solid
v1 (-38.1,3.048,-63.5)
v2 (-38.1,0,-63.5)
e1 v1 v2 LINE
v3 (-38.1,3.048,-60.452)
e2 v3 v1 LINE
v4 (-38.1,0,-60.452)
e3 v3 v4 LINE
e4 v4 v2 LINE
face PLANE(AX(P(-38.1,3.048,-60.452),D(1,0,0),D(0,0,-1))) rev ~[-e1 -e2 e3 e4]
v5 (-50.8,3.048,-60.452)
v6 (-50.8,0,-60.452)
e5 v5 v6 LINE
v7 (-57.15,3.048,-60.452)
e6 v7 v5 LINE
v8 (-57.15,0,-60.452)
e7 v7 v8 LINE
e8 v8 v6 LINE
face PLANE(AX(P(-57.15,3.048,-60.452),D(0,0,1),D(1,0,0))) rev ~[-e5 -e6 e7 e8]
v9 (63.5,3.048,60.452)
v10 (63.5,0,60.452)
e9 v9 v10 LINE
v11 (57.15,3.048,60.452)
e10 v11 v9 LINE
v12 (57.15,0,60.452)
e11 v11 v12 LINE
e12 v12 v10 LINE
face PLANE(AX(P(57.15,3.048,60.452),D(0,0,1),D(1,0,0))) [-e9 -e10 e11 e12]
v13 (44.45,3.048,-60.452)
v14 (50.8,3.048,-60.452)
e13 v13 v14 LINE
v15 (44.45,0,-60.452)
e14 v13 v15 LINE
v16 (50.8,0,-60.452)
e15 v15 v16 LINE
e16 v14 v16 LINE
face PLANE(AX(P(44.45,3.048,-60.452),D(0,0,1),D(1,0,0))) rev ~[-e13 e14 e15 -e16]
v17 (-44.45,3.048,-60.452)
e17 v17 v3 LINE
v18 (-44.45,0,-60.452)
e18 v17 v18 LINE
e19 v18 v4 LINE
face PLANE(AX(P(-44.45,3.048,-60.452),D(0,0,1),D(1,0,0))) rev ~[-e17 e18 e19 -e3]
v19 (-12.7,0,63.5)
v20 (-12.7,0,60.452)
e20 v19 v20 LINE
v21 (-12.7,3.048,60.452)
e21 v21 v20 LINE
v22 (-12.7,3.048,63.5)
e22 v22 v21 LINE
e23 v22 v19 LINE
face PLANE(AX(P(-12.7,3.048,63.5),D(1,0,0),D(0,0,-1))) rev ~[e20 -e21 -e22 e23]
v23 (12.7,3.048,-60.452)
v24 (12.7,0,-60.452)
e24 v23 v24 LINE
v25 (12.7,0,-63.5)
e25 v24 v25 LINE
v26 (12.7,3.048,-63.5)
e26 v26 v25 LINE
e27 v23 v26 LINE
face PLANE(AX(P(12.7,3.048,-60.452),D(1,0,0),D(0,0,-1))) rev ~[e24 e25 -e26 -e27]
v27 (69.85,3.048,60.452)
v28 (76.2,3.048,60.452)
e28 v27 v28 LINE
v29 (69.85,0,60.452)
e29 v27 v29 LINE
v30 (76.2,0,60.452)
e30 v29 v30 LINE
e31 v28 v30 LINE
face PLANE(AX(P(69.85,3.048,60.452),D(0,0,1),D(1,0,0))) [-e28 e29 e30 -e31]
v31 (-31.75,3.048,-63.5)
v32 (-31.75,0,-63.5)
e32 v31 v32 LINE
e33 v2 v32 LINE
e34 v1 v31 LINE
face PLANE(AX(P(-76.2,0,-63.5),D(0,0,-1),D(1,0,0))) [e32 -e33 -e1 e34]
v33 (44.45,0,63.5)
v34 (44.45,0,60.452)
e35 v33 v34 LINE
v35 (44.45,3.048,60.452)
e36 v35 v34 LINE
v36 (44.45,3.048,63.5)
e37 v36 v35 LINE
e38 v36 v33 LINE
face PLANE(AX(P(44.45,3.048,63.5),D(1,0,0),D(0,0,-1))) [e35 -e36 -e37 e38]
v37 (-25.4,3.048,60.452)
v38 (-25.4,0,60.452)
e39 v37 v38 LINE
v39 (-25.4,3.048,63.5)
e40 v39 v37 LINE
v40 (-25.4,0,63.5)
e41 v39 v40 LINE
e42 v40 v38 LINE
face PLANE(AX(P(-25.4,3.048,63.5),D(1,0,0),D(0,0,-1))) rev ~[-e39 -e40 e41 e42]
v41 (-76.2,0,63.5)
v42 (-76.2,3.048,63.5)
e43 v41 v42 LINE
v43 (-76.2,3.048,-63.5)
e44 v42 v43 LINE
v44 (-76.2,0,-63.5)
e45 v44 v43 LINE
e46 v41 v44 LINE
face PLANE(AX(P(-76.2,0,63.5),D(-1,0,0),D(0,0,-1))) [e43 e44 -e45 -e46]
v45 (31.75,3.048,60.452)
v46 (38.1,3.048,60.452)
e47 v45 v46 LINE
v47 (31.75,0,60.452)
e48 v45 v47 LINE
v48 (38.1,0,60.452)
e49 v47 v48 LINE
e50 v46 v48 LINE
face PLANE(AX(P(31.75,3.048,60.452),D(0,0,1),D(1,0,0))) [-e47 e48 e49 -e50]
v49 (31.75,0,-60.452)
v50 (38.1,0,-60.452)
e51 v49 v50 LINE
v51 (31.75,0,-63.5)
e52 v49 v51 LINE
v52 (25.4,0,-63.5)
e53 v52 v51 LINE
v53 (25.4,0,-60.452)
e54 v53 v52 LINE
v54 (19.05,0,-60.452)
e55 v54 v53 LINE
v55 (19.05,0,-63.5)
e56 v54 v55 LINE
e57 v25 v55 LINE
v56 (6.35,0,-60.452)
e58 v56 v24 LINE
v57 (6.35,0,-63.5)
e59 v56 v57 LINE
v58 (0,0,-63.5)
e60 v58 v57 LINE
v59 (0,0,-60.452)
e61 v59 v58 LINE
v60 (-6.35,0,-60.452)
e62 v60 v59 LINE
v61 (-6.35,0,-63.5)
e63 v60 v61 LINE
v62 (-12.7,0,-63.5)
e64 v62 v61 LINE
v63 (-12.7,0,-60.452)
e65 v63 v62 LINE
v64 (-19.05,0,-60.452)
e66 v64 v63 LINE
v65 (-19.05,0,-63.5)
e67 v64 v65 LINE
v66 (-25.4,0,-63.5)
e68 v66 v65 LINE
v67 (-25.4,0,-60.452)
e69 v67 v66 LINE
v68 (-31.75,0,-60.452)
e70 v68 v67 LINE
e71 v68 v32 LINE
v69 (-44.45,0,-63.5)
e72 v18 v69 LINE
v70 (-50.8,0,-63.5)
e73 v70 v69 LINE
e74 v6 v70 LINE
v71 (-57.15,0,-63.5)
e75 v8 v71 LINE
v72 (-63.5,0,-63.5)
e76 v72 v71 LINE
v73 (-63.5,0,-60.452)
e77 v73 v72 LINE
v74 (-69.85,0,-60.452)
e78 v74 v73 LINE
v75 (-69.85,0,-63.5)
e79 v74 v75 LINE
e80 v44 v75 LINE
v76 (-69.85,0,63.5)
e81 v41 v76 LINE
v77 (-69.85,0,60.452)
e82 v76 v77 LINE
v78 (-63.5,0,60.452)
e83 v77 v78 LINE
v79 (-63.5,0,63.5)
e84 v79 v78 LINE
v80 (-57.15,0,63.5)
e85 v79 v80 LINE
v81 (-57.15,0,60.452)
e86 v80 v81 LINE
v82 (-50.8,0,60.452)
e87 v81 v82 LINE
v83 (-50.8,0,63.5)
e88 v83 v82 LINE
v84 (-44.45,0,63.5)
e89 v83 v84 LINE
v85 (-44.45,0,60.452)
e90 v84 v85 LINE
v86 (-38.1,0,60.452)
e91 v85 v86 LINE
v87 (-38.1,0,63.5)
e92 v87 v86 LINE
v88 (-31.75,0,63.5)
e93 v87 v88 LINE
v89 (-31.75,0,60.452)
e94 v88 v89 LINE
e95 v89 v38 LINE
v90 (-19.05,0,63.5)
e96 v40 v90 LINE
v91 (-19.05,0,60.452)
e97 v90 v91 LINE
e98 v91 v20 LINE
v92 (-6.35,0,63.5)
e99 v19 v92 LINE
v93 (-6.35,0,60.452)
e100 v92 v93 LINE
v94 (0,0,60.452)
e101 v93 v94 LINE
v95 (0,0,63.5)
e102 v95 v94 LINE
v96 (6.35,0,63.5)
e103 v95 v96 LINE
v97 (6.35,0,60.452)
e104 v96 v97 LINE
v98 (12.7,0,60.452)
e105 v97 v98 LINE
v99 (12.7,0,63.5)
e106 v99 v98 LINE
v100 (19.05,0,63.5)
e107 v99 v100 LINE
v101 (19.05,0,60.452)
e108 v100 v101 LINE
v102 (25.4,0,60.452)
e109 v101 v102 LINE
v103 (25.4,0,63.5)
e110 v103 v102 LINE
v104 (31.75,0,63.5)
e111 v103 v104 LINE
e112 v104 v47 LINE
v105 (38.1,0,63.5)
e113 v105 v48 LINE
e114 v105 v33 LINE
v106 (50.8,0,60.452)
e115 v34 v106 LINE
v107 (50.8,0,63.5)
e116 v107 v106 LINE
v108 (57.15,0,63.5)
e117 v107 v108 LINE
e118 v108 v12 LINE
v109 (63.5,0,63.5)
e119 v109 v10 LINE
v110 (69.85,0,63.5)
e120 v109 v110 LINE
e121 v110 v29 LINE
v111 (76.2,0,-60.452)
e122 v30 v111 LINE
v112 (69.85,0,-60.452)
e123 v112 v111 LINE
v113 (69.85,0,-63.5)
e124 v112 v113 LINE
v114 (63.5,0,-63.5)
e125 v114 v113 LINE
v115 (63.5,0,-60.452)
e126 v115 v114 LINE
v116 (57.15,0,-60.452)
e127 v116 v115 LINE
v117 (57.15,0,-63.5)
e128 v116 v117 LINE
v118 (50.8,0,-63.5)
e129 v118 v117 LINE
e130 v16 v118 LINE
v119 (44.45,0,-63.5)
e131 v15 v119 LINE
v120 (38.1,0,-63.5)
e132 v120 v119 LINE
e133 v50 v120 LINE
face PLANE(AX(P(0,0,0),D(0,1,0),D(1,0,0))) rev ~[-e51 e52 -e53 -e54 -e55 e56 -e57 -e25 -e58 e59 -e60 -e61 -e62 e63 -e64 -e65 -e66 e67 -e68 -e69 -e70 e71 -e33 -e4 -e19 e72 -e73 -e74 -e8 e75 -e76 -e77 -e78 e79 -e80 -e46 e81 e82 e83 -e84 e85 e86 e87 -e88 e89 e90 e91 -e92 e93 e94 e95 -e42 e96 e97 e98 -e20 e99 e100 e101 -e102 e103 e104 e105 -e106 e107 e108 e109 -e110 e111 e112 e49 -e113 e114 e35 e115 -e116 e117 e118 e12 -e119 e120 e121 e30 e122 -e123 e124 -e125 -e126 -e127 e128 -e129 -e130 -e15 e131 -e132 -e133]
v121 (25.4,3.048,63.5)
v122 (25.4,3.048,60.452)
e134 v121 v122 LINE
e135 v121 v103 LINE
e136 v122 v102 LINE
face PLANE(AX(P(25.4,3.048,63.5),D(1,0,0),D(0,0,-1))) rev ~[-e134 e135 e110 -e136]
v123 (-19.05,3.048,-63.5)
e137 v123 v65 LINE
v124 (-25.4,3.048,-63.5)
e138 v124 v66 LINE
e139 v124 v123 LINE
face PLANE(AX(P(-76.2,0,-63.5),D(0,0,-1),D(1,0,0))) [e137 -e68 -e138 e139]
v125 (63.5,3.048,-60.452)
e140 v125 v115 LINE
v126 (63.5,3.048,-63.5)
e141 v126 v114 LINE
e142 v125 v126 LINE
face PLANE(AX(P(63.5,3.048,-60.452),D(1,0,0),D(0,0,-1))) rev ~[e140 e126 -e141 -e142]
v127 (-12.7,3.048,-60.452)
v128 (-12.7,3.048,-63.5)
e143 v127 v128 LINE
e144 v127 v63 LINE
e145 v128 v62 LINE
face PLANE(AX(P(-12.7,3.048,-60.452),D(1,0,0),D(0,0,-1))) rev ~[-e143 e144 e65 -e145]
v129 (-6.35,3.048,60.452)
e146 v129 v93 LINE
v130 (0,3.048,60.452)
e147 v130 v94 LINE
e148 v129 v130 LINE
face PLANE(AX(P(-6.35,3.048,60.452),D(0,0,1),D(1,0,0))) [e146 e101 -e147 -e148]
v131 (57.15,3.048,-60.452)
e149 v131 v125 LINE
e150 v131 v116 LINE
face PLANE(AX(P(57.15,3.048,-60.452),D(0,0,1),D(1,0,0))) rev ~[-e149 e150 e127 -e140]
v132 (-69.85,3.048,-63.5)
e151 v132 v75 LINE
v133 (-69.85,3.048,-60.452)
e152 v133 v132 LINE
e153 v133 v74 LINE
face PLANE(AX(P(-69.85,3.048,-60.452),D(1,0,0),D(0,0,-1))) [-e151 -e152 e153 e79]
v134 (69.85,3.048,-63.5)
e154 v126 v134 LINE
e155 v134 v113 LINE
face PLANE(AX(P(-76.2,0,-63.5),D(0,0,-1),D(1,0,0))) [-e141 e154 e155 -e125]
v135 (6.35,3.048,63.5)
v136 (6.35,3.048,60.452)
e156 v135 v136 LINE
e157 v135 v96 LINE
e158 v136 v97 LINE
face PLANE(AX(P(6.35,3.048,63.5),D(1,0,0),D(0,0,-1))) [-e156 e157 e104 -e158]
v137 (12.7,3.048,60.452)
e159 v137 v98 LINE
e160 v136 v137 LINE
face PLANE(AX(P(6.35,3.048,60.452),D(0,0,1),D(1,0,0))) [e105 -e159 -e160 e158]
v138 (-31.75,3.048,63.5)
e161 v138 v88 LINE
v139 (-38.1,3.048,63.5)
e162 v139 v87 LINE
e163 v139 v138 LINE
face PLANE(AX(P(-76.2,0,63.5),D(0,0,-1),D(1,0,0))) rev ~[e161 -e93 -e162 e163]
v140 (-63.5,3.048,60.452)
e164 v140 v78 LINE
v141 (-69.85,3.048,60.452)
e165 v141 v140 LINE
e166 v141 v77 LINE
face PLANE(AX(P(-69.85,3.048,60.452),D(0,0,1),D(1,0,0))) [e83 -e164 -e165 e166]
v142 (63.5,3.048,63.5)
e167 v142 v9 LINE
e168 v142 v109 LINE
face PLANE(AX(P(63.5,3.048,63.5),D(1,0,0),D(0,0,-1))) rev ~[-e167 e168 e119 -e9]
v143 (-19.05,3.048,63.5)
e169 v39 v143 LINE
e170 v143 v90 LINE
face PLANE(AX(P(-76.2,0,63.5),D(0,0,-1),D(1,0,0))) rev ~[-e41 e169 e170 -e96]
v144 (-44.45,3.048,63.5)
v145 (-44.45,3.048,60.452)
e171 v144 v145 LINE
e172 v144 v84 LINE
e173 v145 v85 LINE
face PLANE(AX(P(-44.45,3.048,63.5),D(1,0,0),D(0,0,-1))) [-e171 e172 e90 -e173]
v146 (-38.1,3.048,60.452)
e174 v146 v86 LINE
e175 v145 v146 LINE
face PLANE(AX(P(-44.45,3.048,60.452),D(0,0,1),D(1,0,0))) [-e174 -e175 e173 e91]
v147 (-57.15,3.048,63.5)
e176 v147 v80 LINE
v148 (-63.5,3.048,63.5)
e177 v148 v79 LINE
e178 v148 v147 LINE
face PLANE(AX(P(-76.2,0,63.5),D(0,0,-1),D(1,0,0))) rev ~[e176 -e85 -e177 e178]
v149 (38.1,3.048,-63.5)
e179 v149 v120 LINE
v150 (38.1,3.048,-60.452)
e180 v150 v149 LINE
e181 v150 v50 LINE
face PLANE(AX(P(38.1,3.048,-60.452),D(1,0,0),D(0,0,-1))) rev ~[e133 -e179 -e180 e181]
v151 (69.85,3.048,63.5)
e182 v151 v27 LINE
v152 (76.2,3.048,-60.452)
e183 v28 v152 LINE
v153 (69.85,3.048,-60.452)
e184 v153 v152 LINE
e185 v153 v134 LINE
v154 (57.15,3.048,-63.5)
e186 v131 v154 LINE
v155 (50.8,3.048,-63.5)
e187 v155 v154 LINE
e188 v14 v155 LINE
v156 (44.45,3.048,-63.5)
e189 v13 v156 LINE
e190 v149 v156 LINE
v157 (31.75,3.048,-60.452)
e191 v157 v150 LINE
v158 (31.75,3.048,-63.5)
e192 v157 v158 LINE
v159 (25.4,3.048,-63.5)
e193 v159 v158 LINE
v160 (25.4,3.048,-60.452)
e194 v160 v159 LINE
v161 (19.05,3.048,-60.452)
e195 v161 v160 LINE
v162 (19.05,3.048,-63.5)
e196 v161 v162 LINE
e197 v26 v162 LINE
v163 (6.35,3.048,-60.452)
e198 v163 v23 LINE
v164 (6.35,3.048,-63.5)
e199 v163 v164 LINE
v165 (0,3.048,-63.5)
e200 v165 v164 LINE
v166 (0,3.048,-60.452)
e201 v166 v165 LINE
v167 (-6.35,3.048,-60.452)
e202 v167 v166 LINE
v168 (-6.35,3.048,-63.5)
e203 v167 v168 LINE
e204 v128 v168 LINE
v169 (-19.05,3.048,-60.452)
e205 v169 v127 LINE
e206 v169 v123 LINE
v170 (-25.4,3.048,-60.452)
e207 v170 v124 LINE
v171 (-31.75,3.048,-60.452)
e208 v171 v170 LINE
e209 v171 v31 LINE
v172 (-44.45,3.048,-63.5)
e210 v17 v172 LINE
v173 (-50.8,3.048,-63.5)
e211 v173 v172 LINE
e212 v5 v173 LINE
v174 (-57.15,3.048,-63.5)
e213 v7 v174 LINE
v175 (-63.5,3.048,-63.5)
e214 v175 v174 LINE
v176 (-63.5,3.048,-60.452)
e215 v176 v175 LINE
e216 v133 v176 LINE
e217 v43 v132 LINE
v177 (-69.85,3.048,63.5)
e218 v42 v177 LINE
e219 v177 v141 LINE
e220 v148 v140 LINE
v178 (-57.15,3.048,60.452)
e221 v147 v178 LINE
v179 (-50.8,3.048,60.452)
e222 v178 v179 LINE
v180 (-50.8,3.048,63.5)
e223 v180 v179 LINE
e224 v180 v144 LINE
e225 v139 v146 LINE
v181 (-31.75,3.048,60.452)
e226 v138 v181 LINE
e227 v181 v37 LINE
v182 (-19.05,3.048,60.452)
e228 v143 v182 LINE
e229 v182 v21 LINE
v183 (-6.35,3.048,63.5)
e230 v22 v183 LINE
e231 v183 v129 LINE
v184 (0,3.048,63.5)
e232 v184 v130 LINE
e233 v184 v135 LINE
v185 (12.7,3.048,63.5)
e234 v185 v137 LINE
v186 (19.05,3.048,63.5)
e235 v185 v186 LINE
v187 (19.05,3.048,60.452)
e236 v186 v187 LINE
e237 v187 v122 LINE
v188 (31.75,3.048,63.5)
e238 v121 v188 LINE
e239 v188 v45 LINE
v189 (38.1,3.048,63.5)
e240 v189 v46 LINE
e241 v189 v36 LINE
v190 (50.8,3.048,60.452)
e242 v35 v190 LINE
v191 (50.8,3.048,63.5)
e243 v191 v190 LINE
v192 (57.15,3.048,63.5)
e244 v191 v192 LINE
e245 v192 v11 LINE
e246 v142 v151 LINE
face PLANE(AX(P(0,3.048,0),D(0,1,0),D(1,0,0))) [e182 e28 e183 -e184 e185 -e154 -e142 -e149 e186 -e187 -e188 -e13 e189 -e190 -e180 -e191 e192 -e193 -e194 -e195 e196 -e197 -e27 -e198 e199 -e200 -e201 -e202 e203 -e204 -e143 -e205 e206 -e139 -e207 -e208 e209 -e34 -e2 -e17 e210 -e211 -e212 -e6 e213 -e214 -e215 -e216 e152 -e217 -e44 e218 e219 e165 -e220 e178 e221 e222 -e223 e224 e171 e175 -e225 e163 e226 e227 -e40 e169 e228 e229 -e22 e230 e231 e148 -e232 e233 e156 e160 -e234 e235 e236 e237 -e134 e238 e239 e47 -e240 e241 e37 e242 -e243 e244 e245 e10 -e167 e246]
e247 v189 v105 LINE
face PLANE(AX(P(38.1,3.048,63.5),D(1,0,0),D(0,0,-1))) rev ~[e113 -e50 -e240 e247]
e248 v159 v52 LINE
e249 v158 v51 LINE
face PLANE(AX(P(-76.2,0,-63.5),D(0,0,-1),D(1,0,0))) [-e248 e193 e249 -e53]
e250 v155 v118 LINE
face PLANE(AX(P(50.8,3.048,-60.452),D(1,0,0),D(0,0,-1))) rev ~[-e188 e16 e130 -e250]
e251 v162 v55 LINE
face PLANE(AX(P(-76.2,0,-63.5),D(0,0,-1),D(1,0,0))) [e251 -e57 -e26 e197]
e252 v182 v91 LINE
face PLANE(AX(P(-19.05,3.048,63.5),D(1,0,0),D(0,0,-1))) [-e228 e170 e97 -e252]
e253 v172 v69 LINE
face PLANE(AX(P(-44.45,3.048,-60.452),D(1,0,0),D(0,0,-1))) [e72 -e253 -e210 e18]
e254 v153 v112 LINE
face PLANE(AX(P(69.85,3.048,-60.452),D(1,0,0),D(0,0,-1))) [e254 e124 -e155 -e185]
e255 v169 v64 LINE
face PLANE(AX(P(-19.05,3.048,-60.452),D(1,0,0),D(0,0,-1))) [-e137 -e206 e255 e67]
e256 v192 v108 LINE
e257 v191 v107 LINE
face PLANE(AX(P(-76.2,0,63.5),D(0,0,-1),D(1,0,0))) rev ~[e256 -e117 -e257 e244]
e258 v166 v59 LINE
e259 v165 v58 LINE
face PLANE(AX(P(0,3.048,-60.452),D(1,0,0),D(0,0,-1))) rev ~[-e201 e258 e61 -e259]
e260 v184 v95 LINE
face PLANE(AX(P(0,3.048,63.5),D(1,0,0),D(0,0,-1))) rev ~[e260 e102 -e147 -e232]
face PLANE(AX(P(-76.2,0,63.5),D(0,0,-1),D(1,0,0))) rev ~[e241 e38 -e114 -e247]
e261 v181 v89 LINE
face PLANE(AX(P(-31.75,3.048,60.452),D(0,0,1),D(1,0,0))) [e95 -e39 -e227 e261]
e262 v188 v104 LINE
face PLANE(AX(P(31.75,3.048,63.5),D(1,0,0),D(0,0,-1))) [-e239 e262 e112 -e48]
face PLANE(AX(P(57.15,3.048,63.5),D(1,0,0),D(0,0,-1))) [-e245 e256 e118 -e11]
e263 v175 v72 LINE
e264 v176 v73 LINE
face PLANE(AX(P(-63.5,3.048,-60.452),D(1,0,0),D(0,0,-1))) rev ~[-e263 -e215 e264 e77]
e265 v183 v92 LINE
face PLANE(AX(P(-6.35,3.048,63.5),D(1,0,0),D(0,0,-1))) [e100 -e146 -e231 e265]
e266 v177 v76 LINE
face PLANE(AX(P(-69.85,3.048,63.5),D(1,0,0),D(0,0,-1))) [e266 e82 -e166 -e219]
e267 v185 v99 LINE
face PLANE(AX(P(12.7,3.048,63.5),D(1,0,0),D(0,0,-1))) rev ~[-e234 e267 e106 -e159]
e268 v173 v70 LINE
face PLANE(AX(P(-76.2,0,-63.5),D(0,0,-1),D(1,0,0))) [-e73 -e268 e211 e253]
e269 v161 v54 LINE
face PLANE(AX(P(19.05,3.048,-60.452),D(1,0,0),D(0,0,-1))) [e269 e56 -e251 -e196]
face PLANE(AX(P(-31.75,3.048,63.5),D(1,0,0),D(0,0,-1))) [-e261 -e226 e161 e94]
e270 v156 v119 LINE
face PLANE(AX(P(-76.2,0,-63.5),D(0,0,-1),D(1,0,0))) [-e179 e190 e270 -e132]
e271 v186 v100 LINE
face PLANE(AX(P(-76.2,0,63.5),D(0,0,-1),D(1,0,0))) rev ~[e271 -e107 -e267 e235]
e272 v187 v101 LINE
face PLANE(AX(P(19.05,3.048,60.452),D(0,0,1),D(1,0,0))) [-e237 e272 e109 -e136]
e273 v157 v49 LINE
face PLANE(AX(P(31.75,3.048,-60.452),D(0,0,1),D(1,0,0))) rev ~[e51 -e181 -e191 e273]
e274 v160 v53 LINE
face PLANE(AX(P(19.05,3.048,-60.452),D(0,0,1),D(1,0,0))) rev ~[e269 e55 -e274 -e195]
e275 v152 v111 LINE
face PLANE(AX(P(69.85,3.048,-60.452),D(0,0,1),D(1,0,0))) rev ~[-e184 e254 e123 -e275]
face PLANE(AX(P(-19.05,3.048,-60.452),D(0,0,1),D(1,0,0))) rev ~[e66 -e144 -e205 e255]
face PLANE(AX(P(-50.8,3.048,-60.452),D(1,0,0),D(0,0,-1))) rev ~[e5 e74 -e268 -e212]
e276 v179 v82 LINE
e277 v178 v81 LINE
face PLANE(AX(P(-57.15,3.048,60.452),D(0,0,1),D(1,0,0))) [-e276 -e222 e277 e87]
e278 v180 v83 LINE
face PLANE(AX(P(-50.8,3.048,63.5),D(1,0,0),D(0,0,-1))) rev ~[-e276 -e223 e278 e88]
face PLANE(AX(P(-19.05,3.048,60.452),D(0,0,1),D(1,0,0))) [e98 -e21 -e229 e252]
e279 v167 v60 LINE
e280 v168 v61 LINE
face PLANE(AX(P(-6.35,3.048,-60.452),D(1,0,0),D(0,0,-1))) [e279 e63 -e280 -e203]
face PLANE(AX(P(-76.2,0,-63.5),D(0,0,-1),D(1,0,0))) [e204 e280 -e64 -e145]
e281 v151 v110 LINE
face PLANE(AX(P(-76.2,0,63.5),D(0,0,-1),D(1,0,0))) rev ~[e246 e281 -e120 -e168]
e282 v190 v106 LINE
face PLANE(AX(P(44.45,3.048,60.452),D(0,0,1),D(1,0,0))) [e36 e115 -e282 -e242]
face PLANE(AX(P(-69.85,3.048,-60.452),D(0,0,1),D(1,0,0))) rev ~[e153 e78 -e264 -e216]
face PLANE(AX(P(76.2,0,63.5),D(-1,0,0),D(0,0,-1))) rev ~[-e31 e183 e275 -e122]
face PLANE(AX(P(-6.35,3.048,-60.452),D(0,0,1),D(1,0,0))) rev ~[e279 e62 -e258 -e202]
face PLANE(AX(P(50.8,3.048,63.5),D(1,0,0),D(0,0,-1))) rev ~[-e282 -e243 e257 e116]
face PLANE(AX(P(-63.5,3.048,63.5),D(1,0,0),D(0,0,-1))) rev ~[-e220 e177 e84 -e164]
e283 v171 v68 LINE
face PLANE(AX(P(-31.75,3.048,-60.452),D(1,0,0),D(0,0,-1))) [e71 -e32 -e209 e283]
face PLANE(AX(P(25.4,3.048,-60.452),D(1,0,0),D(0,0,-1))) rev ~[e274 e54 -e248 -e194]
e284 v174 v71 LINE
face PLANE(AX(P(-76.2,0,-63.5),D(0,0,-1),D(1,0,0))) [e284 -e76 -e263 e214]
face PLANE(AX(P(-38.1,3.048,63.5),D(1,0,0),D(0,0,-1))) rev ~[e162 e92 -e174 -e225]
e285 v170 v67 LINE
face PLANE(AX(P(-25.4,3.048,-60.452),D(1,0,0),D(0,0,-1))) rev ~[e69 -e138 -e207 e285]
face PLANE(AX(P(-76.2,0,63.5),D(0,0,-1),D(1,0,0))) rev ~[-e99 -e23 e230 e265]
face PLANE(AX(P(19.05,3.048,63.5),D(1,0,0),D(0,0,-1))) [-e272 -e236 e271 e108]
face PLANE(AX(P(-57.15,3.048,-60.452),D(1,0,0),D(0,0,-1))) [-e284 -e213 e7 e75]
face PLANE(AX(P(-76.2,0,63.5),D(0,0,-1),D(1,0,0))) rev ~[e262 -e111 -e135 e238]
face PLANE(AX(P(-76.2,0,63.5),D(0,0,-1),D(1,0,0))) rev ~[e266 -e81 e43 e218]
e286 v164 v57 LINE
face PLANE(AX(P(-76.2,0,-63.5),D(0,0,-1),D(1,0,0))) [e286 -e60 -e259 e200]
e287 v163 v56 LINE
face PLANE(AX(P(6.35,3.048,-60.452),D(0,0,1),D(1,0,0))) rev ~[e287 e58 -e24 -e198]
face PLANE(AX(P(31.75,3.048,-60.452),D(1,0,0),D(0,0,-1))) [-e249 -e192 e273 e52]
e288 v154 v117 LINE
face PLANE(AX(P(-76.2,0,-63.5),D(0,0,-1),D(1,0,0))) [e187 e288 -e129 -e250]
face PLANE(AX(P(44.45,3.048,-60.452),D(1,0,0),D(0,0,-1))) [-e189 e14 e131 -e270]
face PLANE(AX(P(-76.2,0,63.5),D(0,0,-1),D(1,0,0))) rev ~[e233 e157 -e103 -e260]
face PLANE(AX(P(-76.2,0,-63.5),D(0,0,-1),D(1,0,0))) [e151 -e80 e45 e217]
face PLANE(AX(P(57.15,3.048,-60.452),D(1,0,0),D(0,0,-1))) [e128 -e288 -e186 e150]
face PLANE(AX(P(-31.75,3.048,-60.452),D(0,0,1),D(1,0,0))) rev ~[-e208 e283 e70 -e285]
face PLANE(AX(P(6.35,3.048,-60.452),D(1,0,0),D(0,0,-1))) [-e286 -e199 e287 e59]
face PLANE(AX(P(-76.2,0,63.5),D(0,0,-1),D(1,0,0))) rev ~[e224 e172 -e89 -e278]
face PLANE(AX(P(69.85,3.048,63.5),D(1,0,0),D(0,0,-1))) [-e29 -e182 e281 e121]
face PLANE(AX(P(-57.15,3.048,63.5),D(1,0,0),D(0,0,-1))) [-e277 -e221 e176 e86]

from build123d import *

# Parameters (mm, degrees)
SKETCH1_W           = 152.4
SKETCH1_H           = 127
BOSS_EXTRUDE1_DEPTH = 3.048
SKETCH2_W           = 6.35
SKETCH2_H           = 3.048
CUT_EXTRUDE1_DEPTH  = 100.236990603


with BuildPart() as part:
    # Sketch1 → Boss-Extrude1 (new body)
    with BuildSketch(Plane(origin=(0, 0, 0), x_dir=(1, 0, 0), z_dir=(0, 1, 0))):
        Rectangle(SKETCH1_W, SKETCH1_H)
    extrude(amount=BOSS_EXTRUDE1_DEPTH)

    # Sketch2 → Cut-Extrude1 (cut, through all)
    with BuildSketch(Plane(origin=(0, 3.048, 0), x_dir=(1, 0, 0), z_dir=(0, 1, 0))):
        with Locations((-66.675, -61.976)):
            Rectangle(SKETCH2_W, SKETCH2_H)
        with Locations((-53.975, -61.976)):
            Rectangle(SKETCH2_W, SKETCH2_H)
        with Locations((-41.275, -61.976)):
            Rectangle(SKETCH2_W, SKETCH2_H)
        with Locations((-28.575, -61.976)):
            Rectangle(SKETCH2_W, SKETCH2_H)
        with Locations((-15.875, -61.976)):
            Rectangle(SKETCH2_W, SKETCH2_H)
        with Locations((-3.175, -61.976)):
            Rectangle(SKETCH2_W, SKETCH2_H)
        with Locations((9.525, -61.976)):
            Rectangle(SKETCH2_W, SKETCH2_H)
        with Locations((22.225, -61.976)):
            Rectangle(SKETCH2_W, SKETCH2_H)
        with Locations((47.625, -61.976)):
            Rectangle(SKETCH2_W, SKETCH2_H)
        with Locations((60.325, -61.976)):
            Rectangle(SKETCH2_W, SKETCH2_H)
        with Locations((34.925, -61.976)):
            Rectangle(SKETCH2_W, SKETCH2_H)
        with Locations((73.025, -61.976)):
            Rectangle(SKETCH2_W, SKETCH2_H)
        with Locations((-66.675, 61.976)):
            Rectangle(SKETCH2_W, SKETCH2_H)
        with Locations((-53.975, 61.976)):
            Rectangle(SKETCH2_W, SKETCH2_H)
        with Locations((-41.275, 61.976)):
            Rectangle(SKETCH2_W, SKETCH2_H)
        with Locations((-28.575, 61.976)):
            Rectangle(SKETCH2_W, SKETCH2_H)
        with Locations((-15.875, 61.976)):
            Rectangle(SKETCH2_W, SKETCH2_H)
        with Locations((-3.175, 61.976)):
            Rectangle(SKETCH2_W, SKETCH2_H)
        with Locations((9.525, 61.976)):
            Rectangle(SKETCH2_W, SKETCH2_H)
        with Locations((22.225, 61.976)):
            Rectangle(SKETCH2_W, SKETCH2_H)
        with Locations((34.925, 61.976)):
            Rectangle(SKETCH2_W, SKETCH2_H)
        with Locations((47.625, 61.976)):
            Rectangle(SKETCH2_W, SKETCH2_H)
        with Locations((60.325, 61.976)):
            Rectangle(SKETCH2_W, SKETCH2_H)
        with Locations((73.025, 61.976)):
            Rectangle(SKETCH2_W, SKETCH2_H)
    extrude(amount=-CUT_EXTRUDE1_DEPTH, mode=Mode.SUBTRACT)


solid = part.part
